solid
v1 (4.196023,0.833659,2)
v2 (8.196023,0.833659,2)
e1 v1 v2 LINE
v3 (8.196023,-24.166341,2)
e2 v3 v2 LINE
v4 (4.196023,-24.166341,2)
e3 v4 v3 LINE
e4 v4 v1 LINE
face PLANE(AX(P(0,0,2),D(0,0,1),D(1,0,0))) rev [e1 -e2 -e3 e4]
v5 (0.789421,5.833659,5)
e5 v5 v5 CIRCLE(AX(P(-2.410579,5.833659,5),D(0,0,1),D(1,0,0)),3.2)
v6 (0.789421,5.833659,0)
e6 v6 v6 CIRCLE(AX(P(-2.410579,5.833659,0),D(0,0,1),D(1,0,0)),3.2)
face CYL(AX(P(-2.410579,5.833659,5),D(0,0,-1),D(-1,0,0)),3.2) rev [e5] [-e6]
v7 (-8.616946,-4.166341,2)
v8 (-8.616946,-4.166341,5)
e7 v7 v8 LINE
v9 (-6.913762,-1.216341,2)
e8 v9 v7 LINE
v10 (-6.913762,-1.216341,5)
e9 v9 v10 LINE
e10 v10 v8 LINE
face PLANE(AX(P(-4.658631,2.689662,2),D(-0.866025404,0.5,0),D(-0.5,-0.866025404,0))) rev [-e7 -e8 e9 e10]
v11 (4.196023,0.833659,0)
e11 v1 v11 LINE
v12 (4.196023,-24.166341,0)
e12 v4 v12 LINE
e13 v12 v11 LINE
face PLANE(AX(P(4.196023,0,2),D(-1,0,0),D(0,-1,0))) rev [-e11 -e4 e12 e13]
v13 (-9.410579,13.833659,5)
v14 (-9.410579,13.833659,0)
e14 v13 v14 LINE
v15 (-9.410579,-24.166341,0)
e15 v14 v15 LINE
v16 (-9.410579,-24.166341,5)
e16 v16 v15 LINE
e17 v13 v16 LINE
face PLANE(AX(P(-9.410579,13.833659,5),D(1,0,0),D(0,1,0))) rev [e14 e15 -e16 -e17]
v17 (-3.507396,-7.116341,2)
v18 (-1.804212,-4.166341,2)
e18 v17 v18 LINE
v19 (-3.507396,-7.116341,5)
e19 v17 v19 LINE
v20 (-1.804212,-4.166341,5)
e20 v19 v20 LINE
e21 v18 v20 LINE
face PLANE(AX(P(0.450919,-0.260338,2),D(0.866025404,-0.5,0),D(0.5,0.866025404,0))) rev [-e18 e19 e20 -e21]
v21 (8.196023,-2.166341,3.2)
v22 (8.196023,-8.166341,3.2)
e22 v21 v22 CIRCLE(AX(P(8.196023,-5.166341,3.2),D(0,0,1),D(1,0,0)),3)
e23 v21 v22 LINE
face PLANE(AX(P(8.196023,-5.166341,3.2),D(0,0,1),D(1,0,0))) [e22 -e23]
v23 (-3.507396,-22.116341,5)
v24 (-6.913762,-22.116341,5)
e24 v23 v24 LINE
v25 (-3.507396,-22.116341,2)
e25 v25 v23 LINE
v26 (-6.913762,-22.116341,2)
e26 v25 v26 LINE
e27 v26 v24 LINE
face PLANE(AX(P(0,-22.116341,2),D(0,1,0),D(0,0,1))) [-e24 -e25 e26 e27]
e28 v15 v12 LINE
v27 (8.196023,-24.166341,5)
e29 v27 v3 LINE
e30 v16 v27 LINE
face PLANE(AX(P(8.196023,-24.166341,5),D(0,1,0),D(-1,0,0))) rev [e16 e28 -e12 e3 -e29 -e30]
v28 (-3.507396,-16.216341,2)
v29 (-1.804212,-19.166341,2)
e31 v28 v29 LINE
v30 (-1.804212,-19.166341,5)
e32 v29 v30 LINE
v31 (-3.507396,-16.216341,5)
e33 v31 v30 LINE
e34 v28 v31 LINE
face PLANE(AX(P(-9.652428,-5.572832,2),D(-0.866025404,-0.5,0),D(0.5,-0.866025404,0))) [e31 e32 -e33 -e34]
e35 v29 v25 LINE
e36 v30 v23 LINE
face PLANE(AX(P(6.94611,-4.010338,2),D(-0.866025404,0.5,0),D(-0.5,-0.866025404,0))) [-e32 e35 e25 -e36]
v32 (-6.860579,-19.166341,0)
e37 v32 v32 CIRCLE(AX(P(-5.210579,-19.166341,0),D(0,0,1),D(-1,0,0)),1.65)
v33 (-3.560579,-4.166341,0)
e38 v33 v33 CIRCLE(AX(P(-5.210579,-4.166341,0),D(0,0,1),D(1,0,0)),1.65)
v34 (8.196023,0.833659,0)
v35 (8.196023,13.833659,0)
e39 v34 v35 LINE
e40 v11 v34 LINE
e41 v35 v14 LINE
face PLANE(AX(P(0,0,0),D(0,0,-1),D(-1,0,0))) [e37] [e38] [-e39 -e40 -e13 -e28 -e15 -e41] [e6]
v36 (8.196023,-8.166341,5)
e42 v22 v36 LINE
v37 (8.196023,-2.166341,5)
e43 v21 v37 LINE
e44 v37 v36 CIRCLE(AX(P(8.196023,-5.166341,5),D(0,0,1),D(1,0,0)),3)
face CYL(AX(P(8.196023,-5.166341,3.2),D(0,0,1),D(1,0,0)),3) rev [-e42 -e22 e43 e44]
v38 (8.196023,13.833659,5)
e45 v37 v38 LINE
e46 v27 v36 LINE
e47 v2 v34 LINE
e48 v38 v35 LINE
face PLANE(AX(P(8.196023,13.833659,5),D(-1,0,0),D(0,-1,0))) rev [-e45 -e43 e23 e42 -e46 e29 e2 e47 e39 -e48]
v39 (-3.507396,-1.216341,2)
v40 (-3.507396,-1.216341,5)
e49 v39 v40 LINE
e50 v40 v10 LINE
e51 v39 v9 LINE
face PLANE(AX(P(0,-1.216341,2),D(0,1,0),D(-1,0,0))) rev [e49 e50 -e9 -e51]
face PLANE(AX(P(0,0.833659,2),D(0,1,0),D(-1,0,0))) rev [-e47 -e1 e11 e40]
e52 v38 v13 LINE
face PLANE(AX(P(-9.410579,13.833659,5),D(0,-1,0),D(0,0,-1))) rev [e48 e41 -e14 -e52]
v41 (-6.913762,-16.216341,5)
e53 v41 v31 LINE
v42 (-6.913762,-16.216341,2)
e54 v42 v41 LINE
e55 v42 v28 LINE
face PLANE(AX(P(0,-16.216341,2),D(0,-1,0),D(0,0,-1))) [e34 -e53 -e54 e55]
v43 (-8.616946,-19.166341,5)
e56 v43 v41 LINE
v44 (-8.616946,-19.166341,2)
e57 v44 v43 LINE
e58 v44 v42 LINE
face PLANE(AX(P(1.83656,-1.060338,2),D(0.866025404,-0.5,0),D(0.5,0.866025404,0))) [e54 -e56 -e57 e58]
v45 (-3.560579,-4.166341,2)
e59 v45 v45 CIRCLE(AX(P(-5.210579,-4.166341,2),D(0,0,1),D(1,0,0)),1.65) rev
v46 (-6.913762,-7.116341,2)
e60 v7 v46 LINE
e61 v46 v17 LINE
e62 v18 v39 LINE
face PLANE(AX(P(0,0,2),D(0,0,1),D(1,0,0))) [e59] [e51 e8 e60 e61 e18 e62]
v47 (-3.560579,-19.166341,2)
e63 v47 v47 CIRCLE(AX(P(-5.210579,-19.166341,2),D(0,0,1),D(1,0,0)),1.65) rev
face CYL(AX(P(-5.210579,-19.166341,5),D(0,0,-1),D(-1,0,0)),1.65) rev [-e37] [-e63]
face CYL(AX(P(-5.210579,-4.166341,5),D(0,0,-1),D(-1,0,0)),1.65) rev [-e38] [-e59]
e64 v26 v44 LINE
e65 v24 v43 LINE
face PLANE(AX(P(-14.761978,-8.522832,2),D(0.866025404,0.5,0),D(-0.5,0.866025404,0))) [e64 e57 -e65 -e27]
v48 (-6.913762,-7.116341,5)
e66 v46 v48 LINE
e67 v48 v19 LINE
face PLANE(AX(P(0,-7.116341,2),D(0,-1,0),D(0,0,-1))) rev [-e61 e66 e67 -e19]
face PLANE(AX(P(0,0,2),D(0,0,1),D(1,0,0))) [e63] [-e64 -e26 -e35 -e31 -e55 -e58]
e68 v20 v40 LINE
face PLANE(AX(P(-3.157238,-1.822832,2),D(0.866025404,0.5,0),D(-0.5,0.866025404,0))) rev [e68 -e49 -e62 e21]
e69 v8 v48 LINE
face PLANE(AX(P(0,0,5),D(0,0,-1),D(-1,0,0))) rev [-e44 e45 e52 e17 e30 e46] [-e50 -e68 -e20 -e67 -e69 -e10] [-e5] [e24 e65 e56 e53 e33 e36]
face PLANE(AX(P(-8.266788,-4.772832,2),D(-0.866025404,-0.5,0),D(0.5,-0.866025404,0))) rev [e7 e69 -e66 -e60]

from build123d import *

# Parameters (mm, degrees)
SKETCH1_W           = 17.606601718
SKETCH1_H           = 38
SKETCH1_R           = 3.2
SKETCH1_R_2         = 1.65
BOSS_EXTRUDE1_DEPTH = 5
CUT_EXTRUDE4_START  = -5
SKETCH4_6_W         = 4
SKETCH4_6_H         = 25
CUT_EXTRUDE4_DEPTH  = 2
CUT_EXTRUDE1_DEPTH  = 3
CUT_EXTRUDE5_DEPTH  = 1.8


with BuildPart() as part:
    # Sketch1 → Boss-Extrude1 (new body)
    with BuildSketch(Plane.XY):
        with Locations((-0.607278146, -5.166340893)):
            Rectangle(SKETCH1_W, SKETCH1_H)
        with Locations((-2.410579005, 5.833659107)):
            Circle(SKETCH1_R, mode=Mode.SUBTRACT)
        with Locations((-5.210579005, -4.166340893)):
            Circle(SKETCH1_R_2, mode=Mode.SUBTRACT)
        with Locations((-5.210579005, -19.166340893)):
            Circle(SKETCH1_R_2, mode=Mode.SUBTRACT)
    extrude(amount=BOSS_EXTRUDE1_DEPTH)

    # Sketch4<6> → Cut-Extrude4 (cut)
    with BuildSketch(Plane.XY.offset(5).offset(CUT_EXTRUDE4_START)):
        with Locations((6.196022713, -11.666340893)):
            Rectangle(SKETCH4_6_W, SKETCH4_6_H)
    extrude(amount=CUT_EXTRUDE4_DEPTH, mode=Mode.SUBTRACT)

    # Sketch4 → Cut-Extrude1 (cut)
    with BuildSketch(Plane.XY.offset(5)):
        Polygon((-3.50739571, -1.216340893), (-6.913762299, -1.216340893), (-8.616945593, -4.166340893), (-6.913762299, -7.116340893), (-3.50739571, -7.116340893), (-1.804212416, -4.166340893), align=None)
        Polygon((-1.804212416, -19.166340893), (-3.50739571, -22.116340893), (-6.913762299, -22.116340893), (-8.616945593, -19.166340893), (-6.913762299, -16.216340893), (-3.50739571, -16.216340893), align=None)
    extrude(amount=-CUT_EXTRUDE1_DEPTH, mode=Mode.SUBTRACT)

    # Sketch4<7> → Cut-Extrude5 (cut)
    with BuildSketch(Plane.XY.offset(5)):
        with BuildLine():
            Line((8.196022713, -2.166340893), (8.196022713, -8.166340893))
            ThreePointArc((8.196022713, -8.166340893), (5.196022713, -5.166340893), (8.196022713, -2.166340893))
        make_face()
    extrude(amount=-CUT_EXTRUDE5_DEPTH, mode=Mode.SUBTRACT)


solid = part.part
